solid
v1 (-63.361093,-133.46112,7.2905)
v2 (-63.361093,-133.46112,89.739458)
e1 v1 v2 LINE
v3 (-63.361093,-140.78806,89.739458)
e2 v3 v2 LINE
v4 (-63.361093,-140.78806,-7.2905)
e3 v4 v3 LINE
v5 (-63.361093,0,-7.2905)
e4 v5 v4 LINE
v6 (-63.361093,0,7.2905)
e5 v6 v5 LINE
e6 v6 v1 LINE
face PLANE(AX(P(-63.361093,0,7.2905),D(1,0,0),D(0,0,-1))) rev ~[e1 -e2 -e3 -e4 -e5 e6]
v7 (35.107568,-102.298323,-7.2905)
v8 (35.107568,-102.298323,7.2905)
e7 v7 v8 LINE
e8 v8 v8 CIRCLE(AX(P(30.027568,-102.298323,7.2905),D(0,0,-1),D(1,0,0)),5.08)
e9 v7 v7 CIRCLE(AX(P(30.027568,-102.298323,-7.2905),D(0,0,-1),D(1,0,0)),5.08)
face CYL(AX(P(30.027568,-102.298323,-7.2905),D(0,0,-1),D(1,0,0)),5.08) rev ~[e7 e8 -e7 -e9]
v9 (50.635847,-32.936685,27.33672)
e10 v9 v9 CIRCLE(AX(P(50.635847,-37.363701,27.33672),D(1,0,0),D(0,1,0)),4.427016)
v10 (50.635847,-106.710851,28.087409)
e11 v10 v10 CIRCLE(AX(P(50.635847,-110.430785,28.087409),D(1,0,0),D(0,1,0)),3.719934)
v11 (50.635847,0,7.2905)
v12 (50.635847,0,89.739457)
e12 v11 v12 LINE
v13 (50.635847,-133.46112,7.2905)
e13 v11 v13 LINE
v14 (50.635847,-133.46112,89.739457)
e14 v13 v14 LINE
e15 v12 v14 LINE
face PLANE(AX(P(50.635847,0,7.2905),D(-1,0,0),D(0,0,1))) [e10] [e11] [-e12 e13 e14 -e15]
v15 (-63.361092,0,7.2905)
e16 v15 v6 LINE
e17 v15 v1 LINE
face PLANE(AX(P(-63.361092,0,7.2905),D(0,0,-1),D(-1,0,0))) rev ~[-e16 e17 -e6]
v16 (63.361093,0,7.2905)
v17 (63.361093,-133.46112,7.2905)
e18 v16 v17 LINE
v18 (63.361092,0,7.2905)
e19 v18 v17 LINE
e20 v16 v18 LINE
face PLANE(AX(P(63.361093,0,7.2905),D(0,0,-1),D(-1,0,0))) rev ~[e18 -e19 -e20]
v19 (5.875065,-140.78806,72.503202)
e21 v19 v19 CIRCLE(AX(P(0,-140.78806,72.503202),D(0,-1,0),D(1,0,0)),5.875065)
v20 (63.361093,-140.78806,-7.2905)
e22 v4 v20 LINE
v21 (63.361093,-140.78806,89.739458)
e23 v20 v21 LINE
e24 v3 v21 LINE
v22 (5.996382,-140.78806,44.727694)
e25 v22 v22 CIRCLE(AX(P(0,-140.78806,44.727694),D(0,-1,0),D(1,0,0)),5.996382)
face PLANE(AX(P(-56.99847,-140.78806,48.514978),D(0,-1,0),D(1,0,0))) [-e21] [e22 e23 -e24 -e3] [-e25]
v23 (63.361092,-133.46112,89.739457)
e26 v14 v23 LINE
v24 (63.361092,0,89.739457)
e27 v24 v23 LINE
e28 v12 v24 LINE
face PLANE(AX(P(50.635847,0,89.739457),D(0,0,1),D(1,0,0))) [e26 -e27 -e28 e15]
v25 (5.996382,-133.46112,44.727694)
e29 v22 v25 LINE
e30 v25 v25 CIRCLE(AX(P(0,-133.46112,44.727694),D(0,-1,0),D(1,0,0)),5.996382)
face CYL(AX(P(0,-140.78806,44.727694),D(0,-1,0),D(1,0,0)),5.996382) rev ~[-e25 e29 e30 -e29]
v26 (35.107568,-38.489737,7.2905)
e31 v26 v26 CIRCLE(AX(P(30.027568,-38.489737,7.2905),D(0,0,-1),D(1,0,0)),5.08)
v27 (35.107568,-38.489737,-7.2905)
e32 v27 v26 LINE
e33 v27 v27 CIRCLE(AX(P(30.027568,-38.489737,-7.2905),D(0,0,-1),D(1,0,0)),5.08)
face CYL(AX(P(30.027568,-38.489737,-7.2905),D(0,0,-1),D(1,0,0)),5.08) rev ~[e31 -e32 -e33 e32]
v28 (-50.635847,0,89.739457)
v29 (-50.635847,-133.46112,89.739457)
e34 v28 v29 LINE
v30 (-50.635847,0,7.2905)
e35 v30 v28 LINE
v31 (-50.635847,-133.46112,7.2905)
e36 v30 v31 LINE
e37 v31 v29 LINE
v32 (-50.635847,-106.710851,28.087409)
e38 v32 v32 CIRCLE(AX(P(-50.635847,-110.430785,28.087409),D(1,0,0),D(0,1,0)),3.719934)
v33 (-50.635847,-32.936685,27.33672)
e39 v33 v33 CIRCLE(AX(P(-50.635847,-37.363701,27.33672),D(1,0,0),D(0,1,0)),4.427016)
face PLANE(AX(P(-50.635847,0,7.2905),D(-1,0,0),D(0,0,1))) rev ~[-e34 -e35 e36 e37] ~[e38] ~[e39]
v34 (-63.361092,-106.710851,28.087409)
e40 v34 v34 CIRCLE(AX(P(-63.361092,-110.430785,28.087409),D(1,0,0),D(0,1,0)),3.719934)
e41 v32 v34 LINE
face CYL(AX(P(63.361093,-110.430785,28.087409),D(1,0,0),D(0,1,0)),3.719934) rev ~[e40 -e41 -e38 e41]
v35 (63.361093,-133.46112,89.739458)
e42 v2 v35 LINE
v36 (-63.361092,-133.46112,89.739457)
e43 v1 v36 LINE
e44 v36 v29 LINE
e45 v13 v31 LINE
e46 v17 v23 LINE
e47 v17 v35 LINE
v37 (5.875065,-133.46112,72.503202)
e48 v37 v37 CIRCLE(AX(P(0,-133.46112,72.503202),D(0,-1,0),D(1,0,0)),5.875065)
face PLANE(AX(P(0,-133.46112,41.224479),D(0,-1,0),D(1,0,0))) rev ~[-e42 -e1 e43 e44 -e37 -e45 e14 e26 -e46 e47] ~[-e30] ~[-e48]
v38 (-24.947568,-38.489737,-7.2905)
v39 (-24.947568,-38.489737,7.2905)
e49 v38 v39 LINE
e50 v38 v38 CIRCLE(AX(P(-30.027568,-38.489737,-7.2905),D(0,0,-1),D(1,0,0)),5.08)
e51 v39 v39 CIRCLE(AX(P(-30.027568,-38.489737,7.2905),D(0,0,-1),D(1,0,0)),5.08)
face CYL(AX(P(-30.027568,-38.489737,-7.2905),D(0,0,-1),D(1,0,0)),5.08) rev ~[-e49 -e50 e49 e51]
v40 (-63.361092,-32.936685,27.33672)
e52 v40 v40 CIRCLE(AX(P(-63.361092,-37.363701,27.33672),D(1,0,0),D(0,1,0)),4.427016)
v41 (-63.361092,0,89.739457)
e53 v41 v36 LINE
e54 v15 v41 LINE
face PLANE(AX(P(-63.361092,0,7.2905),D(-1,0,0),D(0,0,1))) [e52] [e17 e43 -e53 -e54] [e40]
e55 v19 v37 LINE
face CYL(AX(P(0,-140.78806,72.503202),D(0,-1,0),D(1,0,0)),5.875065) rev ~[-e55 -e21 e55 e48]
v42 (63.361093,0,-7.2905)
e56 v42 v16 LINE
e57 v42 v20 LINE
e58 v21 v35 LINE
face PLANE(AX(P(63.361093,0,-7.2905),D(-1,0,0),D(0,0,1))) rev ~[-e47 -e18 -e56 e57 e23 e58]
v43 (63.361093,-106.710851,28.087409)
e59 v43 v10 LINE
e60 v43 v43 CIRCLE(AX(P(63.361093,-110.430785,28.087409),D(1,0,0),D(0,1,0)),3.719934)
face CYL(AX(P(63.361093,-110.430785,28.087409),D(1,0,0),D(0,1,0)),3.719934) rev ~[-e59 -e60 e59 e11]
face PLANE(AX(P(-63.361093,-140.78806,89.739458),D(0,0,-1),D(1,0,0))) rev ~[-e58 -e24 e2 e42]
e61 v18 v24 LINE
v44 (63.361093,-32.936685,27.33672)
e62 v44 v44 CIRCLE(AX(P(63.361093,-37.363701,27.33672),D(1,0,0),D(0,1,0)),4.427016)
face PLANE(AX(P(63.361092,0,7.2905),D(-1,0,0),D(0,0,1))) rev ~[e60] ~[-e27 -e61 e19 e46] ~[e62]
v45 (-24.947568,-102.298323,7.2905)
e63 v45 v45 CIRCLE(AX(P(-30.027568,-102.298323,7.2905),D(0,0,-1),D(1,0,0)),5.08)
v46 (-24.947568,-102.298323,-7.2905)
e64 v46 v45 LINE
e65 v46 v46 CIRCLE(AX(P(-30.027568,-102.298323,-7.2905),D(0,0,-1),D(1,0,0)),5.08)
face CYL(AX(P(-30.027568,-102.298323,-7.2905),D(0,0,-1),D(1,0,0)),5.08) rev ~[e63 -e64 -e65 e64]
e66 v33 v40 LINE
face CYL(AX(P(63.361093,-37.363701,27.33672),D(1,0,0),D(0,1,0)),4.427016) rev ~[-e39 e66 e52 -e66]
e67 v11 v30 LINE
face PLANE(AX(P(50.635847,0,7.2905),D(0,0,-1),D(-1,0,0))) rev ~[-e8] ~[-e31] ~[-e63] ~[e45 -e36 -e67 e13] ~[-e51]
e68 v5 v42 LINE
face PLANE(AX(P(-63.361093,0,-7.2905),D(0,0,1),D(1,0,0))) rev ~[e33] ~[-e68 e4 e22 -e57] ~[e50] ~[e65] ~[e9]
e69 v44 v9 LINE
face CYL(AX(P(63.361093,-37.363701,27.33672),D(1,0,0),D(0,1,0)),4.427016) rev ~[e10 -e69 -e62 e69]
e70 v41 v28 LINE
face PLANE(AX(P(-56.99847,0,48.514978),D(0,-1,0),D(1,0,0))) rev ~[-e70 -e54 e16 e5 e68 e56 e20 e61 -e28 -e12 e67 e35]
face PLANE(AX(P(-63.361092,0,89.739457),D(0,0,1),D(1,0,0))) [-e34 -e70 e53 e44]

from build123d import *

# Parameters (mm, degrees)
F0_W     = 12.725245
F0_H     = 82.448957
F1_DEPTH = 140.78806
F2_R     = 3.719934
F2_R_2   = 4.427016
F3_DEPTH = 151.83997
F4_W     = 126.722186
F4_H     = 97.029957
F5_DEPTH = 7.32694
F6_R     = 5.996382
F6_R_2   = 5.875065
F7_DEPTH = 25.4
F8_R     = 5.08
F9_DEPTH = 25.4


with BuildPart() as f1:
    # F0 (on Front) → F1 (new body)
    with BuildSketch(Plane.XZ):
        with Locations((-56.99847, 48.514978)):
            Rectangle(F0_W, F0_H)
        Polygon((-63.361093, -7.2905), (63.361093, -7.2905), (63.361093, 7.2905), (50.635848, 7.2905), (-50.635848, 7.2905), (-63.361093, 7.2905), align=None)
        with Locations((56.99847, 48.514978)):
            Rectangle(F0_W, F0_H)
    extrude(amount=F1_DEPTH)

    # F2 (on face) → F3 (cut)
    with BuildSketch(Plane.YZ.offset(63.361093)):
        with Locations((-110.430785, 28.087409)):
            Circle(F2_R)
        with Locations((-37.363701, 27.33672)):
            Circle(F2_R_2)
    extrude(amount=-F3_DEPTH, mode=Mode.SUBTRACT)

    # F4 (on face) → F5 (join)
    with BuildSketch(Plane.XZ.offset(140.78806)):
        with Locations((0, 41.224479)):
            Rectangle(F4_W, F4_H)
    extrude(amount=-F5_DEPTH)

    # F6 (on face) → F7 (cut)
    with BuildSketch(Plane.XZ.offset(140.78806)):
        with Locations((0, 44.727694)):
            Circle(F6_R)
        with Locations((0, 72.503202)):
            Circle(F6_R_2)
    extrude(amount=-F7_DEPTH, mode=Mode.SUBTRACT)

    # F8 (on face) → F9 (cut)
    with BuildSketch(Plane(origin=(0, 0, -7.2905), x_dir=(1, 0, 0), z_dir=(0, 0, -1))):
        with Locations((30.027568, 102.298323)):
            Circle(F8_R)
        with Locations((30.027568, 38.489737)):
            Circle(F8_R)
        with Locations((-30.027568, 38.489737)):
            Circle(F8_R)
        with Locations((-30.027568, 102.298323)):
            Circle(F8_R)
    extrude(amount=-F9_DEPTH, mode=Mode.SUBTRACT)


solid = f1.part
